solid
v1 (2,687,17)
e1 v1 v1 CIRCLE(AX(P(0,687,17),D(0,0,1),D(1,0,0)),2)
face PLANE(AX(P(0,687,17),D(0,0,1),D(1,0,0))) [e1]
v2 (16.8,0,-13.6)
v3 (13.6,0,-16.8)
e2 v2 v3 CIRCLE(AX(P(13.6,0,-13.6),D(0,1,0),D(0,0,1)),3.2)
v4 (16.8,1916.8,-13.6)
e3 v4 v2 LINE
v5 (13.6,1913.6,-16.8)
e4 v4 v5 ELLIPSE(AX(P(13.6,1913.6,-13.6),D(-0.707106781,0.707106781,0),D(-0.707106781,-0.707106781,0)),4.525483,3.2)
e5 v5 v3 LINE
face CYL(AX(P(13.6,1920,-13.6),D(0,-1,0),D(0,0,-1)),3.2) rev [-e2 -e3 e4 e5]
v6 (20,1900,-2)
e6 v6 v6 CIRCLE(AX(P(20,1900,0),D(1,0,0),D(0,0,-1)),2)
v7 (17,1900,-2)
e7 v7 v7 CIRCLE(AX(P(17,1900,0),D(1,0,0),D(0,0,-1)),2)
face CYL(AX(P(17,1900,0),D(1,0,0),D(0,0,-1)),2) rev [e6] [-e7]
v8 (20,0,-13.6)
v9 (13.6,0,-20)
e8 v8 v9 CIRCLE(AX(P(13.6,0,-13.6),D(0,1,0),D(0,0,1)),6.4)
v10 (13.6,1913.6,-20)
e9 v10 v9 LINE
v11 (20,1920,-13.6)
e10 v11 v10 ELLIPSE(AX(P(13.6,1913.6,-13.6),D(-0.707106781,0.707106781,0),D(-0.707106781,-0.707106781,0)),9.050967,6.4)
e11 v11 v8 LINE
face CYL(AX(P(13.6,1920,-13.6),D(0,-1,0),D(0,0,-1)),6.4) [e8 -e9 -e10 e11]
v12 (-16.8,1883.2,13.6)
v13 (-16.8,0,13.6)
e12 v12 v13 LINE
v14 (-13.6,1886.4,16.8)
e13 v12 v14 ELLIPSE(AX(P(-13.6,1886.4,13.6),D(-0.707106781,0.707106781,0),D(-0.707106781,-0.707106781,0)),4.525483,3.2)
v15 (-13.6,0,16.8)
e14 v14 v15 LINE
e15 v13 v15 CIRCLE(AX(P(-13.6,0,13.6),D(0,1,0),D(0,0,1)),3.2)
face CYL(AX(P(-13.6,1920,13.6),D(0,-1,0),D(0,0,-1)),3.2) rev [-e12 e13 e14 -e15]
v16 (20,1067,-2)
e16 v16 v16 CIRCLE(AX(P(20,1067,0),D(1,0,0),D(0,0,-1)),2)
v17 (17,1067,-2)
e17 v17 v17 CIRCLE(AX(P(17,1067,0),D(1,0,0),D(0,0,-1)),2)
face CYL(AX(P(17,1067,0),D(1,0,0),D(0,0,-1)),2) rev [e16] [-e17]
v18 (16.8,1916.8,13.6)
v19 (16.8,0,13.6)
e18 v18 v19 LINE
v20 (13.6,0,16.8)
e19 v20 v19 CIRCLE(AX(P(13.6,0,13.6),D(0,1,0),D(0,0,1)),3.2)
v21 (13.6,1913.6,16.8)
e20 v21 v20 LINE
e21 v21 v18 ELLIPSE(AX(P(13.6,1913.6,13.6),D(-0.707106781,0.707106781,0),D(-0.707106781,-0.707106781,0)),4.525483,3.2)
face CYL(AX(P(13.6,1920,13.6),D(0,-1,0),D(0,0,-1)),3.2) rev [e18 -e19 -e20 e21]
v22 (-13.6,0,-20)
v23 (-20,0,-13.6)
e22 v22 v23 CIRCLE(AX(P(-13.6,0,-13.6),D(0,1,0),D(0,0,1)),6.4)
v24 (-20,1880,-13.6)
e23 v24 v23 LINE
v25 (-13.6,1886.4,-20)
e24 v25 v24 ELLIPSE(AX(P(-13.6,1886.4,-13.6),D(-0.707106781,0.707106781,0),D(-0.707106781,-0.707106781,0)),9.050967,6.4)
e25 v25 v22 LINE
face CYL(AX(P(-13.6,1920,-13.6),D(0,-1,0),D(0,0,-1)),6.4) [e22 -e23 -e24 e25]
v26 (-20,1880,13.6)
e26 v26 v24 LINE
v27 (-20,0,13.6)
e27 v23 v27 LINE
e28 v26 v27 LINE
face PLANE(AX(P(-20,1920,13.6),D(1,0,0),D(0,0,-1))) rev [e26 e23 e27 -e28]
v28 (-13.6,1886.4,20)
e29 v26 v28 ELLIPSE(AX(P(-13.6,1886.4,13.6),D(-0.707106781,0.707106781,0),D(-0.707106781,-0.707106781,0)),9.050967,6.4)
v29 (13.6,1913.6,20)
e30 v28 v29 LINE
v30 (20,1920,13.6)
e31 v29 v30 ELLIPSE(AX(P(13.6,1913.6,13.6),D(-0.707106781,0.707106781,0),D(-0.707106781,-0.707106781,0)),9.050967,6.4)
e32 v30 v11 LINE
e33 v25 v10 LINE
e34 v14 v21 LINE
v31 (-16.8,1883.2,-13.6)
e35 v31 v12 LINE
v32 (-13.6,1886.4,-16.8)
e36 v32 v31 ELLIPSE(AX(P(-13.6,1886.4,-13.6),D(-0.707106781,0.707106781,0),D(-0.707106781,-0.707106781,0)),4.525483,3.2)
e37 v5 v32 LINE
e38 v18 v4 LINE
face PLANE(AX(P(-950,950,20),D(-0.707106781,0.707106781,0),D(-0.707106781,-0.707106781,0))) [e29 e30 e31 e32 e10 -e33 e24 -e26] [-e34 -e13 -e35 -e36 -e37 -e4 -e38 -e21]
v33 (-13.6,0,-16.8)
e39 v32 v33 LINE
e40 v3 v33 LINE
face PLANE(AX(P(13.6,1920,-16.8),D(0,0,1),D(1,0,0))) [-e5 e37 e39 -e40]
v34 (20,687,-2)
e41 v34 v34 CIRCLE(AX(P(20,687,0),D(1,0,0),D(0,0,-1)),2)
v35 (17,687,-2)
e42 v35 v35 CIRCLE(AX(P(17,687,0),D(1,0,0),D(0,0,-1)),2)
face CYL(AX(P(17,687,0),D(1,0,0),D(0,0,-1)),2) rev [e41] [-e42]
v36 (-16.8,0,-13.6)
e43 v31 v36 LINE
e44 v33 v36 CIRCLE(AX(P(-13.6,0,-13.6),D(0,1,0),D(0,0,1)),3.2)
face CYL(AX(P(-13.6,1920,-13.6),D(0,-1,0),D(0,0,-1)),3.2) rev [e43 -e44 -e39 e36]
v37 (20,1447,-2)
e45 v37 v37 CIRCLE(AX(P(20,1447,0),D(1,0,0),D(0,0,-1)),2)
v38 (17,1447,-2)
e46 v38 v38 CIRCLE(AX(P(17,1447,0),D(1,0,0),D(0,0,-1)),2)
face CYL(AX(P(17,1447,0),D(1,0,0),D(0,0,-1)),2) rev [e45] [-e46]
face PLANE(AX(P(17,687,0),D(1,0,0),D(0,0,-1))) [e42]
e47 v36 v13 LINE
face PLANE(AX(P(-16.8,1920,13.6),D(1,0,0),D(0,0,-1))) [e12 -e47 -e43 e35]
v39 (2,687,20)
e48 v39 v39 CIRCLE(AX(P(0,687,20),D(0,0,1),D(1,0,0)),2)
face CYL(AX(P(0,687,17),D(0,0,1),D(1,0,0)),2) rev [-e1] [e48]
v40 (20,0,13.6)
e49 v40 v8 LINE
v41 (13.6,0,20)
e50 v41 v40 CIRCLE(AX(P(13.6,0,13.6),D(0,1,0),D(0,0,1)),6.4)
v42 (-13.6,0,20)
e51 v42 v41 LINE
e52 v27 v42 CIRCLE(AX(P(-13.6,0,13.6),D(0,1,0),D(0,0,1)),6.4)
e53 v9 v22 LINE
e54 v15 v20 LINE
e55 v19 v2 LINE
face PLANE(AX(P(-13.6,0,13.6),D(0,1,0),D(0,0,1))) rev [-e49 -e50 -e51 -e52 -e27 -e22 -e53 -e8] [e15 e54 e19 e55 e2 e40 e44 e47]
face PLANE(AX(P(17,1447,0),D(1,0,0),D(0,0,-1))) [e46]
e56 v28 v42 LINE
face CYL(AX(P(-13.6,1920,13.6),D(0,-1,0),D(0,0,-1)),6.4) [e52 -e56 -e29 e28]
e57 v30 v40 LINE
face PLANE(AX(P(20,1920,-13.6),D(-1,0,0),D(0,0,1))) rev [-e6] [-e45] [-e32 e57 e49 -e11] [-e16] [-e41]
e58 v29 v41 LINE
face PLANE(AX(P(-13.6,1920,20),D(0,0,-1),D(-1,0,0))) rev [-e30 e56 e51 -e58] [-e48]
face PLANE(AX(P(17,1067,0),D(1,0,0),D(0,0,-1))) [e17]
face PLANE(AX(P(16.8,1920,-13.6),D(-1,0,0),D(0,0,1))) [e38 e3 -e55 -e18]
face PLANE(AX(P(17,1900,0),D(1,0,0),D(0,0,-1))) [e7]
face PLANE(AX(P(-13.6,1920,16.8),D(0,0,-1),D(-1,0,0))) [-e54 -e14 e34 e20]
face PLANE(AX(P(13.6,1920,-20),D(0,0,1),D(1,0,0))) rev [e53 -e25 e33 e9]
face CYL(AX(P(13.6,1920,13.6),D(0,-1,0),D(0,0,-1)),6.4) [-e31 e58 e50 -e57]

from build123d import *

# Parameters (mm, degrees)
TUBE_SQUARE_40_X_40_X_3_2_1_DEPTH = 1920
CUT_EXTRUDE1_DEPTH                = 1921.52076271
SKETCH16_R                        = 2
CUT_EXTRUDE2_DEPTH                = 3
SKETCH17_R                        = 2
CUT_EXTRUDE3_DEPTH                = 3


with BuildPart() as part:
    # Sketch15 → Tube (square) 40 X 40 X 3.2(1) (new body)
    with BuildSketch(Plane(origin=(0, 0, 0), x_dir=(-1, 0, 0), z_dir=(0, 1, 0))):
        with BuildLine():
            Line((-13.6, -20), (13.6, -20))
            ThreePointArc((13.6, -20), (18.1254834, -18.1254834), (20, -13.6))
            Line((20, -13.6), (20, 13.6))
            ThreePointArc((20, 13.6), (18.1254834, 18.1254834), (13.6, 20))
            Line((13.6, 20), (-13.6, 20))
            ThreePointArc((-13.6, 20), (-18.1254834, 18.1254834), (-20, 13.6))
            Line((-20, 13.6), (-20, -13.6))
            ThreePointArc((-20, -13.6), (-18.1254834, -18.1254834), (-13.6, -20))
        make_face()
        with BuildLine():
            Line((-13.6, -16.8), (13.6, -16.8))
            ThreePointArc((13.6, -16.8), (15.8627417, -15.8627417), (16.8, -13.6))
            Line((16.8, -13.6), (16.8, 13.6))
            ThreePointArc((16.8, 13.6), (15.8627417, 15.8627417), (13.6, 16.8))
            Line((13.6, 16.8), (-13.6, 16.8))
            ThreePointArc((-13.6, 16.8), (-15.8627417, 15.8627417), (-16.8, 13.6))
            Line((-16.8, 13.6), (-16.8, -13.6))
            ThreePointArc((-16.8, -13.6), (-15.8627417, -15.8627417), (-13.6, -16.8))
        make_face(mode=Mode.SUBTRACT)
    extrude(amount=TUBE_SQUARE_40_X_40_X_3_2_1_DEPTH)

    # Sketch13 → Cut-Extrude1 (cut, through all)
    with BuildSketch(Plane(origin=(0, 0, -20), x_dir=(-1, 0, 0), z_dir=(0, 0, -1))):
        Polygon((20, 1880), (-20, 1920), (20, 1920), align=None)
    extrude(amount=-CUT_EXTRUDE1_DEPTH, mode=Mode.SUBTRACT)

    # Sketch16 → Cut-Extrude2 (cut)
    with BuildSketch(Plane(origin=(20, 0, 0), x_dir=(0, 0, -1), z_dir=(1, 0, 0))):
        with Locations((0, 1900)):
            Circle(SKETCH16_R)
        with Locations((0, 1447)):
            Circle(SKETCH16_R)
        with Locations((0, 1067)):
            Circle(SKETCH16_R)
        with Locations((0, 687)):
            Circle(SKETCH16_R)
    extrude(amount=-CUT_EXTRUDE2_DEPTH, mode=Mode.SUBTRACT)

    # Sketch17 → Cut-Extrude3 (cut)
    with BuildSketch(Plane.XY.offset(20)):
        with Locations((0, 687)):
            Circle(SKETCH17_R)
    extrude(amount=-CUT_EXTRUDE3_DEPTH, mode=Mode.SUBTRACT)


solid = part.part
